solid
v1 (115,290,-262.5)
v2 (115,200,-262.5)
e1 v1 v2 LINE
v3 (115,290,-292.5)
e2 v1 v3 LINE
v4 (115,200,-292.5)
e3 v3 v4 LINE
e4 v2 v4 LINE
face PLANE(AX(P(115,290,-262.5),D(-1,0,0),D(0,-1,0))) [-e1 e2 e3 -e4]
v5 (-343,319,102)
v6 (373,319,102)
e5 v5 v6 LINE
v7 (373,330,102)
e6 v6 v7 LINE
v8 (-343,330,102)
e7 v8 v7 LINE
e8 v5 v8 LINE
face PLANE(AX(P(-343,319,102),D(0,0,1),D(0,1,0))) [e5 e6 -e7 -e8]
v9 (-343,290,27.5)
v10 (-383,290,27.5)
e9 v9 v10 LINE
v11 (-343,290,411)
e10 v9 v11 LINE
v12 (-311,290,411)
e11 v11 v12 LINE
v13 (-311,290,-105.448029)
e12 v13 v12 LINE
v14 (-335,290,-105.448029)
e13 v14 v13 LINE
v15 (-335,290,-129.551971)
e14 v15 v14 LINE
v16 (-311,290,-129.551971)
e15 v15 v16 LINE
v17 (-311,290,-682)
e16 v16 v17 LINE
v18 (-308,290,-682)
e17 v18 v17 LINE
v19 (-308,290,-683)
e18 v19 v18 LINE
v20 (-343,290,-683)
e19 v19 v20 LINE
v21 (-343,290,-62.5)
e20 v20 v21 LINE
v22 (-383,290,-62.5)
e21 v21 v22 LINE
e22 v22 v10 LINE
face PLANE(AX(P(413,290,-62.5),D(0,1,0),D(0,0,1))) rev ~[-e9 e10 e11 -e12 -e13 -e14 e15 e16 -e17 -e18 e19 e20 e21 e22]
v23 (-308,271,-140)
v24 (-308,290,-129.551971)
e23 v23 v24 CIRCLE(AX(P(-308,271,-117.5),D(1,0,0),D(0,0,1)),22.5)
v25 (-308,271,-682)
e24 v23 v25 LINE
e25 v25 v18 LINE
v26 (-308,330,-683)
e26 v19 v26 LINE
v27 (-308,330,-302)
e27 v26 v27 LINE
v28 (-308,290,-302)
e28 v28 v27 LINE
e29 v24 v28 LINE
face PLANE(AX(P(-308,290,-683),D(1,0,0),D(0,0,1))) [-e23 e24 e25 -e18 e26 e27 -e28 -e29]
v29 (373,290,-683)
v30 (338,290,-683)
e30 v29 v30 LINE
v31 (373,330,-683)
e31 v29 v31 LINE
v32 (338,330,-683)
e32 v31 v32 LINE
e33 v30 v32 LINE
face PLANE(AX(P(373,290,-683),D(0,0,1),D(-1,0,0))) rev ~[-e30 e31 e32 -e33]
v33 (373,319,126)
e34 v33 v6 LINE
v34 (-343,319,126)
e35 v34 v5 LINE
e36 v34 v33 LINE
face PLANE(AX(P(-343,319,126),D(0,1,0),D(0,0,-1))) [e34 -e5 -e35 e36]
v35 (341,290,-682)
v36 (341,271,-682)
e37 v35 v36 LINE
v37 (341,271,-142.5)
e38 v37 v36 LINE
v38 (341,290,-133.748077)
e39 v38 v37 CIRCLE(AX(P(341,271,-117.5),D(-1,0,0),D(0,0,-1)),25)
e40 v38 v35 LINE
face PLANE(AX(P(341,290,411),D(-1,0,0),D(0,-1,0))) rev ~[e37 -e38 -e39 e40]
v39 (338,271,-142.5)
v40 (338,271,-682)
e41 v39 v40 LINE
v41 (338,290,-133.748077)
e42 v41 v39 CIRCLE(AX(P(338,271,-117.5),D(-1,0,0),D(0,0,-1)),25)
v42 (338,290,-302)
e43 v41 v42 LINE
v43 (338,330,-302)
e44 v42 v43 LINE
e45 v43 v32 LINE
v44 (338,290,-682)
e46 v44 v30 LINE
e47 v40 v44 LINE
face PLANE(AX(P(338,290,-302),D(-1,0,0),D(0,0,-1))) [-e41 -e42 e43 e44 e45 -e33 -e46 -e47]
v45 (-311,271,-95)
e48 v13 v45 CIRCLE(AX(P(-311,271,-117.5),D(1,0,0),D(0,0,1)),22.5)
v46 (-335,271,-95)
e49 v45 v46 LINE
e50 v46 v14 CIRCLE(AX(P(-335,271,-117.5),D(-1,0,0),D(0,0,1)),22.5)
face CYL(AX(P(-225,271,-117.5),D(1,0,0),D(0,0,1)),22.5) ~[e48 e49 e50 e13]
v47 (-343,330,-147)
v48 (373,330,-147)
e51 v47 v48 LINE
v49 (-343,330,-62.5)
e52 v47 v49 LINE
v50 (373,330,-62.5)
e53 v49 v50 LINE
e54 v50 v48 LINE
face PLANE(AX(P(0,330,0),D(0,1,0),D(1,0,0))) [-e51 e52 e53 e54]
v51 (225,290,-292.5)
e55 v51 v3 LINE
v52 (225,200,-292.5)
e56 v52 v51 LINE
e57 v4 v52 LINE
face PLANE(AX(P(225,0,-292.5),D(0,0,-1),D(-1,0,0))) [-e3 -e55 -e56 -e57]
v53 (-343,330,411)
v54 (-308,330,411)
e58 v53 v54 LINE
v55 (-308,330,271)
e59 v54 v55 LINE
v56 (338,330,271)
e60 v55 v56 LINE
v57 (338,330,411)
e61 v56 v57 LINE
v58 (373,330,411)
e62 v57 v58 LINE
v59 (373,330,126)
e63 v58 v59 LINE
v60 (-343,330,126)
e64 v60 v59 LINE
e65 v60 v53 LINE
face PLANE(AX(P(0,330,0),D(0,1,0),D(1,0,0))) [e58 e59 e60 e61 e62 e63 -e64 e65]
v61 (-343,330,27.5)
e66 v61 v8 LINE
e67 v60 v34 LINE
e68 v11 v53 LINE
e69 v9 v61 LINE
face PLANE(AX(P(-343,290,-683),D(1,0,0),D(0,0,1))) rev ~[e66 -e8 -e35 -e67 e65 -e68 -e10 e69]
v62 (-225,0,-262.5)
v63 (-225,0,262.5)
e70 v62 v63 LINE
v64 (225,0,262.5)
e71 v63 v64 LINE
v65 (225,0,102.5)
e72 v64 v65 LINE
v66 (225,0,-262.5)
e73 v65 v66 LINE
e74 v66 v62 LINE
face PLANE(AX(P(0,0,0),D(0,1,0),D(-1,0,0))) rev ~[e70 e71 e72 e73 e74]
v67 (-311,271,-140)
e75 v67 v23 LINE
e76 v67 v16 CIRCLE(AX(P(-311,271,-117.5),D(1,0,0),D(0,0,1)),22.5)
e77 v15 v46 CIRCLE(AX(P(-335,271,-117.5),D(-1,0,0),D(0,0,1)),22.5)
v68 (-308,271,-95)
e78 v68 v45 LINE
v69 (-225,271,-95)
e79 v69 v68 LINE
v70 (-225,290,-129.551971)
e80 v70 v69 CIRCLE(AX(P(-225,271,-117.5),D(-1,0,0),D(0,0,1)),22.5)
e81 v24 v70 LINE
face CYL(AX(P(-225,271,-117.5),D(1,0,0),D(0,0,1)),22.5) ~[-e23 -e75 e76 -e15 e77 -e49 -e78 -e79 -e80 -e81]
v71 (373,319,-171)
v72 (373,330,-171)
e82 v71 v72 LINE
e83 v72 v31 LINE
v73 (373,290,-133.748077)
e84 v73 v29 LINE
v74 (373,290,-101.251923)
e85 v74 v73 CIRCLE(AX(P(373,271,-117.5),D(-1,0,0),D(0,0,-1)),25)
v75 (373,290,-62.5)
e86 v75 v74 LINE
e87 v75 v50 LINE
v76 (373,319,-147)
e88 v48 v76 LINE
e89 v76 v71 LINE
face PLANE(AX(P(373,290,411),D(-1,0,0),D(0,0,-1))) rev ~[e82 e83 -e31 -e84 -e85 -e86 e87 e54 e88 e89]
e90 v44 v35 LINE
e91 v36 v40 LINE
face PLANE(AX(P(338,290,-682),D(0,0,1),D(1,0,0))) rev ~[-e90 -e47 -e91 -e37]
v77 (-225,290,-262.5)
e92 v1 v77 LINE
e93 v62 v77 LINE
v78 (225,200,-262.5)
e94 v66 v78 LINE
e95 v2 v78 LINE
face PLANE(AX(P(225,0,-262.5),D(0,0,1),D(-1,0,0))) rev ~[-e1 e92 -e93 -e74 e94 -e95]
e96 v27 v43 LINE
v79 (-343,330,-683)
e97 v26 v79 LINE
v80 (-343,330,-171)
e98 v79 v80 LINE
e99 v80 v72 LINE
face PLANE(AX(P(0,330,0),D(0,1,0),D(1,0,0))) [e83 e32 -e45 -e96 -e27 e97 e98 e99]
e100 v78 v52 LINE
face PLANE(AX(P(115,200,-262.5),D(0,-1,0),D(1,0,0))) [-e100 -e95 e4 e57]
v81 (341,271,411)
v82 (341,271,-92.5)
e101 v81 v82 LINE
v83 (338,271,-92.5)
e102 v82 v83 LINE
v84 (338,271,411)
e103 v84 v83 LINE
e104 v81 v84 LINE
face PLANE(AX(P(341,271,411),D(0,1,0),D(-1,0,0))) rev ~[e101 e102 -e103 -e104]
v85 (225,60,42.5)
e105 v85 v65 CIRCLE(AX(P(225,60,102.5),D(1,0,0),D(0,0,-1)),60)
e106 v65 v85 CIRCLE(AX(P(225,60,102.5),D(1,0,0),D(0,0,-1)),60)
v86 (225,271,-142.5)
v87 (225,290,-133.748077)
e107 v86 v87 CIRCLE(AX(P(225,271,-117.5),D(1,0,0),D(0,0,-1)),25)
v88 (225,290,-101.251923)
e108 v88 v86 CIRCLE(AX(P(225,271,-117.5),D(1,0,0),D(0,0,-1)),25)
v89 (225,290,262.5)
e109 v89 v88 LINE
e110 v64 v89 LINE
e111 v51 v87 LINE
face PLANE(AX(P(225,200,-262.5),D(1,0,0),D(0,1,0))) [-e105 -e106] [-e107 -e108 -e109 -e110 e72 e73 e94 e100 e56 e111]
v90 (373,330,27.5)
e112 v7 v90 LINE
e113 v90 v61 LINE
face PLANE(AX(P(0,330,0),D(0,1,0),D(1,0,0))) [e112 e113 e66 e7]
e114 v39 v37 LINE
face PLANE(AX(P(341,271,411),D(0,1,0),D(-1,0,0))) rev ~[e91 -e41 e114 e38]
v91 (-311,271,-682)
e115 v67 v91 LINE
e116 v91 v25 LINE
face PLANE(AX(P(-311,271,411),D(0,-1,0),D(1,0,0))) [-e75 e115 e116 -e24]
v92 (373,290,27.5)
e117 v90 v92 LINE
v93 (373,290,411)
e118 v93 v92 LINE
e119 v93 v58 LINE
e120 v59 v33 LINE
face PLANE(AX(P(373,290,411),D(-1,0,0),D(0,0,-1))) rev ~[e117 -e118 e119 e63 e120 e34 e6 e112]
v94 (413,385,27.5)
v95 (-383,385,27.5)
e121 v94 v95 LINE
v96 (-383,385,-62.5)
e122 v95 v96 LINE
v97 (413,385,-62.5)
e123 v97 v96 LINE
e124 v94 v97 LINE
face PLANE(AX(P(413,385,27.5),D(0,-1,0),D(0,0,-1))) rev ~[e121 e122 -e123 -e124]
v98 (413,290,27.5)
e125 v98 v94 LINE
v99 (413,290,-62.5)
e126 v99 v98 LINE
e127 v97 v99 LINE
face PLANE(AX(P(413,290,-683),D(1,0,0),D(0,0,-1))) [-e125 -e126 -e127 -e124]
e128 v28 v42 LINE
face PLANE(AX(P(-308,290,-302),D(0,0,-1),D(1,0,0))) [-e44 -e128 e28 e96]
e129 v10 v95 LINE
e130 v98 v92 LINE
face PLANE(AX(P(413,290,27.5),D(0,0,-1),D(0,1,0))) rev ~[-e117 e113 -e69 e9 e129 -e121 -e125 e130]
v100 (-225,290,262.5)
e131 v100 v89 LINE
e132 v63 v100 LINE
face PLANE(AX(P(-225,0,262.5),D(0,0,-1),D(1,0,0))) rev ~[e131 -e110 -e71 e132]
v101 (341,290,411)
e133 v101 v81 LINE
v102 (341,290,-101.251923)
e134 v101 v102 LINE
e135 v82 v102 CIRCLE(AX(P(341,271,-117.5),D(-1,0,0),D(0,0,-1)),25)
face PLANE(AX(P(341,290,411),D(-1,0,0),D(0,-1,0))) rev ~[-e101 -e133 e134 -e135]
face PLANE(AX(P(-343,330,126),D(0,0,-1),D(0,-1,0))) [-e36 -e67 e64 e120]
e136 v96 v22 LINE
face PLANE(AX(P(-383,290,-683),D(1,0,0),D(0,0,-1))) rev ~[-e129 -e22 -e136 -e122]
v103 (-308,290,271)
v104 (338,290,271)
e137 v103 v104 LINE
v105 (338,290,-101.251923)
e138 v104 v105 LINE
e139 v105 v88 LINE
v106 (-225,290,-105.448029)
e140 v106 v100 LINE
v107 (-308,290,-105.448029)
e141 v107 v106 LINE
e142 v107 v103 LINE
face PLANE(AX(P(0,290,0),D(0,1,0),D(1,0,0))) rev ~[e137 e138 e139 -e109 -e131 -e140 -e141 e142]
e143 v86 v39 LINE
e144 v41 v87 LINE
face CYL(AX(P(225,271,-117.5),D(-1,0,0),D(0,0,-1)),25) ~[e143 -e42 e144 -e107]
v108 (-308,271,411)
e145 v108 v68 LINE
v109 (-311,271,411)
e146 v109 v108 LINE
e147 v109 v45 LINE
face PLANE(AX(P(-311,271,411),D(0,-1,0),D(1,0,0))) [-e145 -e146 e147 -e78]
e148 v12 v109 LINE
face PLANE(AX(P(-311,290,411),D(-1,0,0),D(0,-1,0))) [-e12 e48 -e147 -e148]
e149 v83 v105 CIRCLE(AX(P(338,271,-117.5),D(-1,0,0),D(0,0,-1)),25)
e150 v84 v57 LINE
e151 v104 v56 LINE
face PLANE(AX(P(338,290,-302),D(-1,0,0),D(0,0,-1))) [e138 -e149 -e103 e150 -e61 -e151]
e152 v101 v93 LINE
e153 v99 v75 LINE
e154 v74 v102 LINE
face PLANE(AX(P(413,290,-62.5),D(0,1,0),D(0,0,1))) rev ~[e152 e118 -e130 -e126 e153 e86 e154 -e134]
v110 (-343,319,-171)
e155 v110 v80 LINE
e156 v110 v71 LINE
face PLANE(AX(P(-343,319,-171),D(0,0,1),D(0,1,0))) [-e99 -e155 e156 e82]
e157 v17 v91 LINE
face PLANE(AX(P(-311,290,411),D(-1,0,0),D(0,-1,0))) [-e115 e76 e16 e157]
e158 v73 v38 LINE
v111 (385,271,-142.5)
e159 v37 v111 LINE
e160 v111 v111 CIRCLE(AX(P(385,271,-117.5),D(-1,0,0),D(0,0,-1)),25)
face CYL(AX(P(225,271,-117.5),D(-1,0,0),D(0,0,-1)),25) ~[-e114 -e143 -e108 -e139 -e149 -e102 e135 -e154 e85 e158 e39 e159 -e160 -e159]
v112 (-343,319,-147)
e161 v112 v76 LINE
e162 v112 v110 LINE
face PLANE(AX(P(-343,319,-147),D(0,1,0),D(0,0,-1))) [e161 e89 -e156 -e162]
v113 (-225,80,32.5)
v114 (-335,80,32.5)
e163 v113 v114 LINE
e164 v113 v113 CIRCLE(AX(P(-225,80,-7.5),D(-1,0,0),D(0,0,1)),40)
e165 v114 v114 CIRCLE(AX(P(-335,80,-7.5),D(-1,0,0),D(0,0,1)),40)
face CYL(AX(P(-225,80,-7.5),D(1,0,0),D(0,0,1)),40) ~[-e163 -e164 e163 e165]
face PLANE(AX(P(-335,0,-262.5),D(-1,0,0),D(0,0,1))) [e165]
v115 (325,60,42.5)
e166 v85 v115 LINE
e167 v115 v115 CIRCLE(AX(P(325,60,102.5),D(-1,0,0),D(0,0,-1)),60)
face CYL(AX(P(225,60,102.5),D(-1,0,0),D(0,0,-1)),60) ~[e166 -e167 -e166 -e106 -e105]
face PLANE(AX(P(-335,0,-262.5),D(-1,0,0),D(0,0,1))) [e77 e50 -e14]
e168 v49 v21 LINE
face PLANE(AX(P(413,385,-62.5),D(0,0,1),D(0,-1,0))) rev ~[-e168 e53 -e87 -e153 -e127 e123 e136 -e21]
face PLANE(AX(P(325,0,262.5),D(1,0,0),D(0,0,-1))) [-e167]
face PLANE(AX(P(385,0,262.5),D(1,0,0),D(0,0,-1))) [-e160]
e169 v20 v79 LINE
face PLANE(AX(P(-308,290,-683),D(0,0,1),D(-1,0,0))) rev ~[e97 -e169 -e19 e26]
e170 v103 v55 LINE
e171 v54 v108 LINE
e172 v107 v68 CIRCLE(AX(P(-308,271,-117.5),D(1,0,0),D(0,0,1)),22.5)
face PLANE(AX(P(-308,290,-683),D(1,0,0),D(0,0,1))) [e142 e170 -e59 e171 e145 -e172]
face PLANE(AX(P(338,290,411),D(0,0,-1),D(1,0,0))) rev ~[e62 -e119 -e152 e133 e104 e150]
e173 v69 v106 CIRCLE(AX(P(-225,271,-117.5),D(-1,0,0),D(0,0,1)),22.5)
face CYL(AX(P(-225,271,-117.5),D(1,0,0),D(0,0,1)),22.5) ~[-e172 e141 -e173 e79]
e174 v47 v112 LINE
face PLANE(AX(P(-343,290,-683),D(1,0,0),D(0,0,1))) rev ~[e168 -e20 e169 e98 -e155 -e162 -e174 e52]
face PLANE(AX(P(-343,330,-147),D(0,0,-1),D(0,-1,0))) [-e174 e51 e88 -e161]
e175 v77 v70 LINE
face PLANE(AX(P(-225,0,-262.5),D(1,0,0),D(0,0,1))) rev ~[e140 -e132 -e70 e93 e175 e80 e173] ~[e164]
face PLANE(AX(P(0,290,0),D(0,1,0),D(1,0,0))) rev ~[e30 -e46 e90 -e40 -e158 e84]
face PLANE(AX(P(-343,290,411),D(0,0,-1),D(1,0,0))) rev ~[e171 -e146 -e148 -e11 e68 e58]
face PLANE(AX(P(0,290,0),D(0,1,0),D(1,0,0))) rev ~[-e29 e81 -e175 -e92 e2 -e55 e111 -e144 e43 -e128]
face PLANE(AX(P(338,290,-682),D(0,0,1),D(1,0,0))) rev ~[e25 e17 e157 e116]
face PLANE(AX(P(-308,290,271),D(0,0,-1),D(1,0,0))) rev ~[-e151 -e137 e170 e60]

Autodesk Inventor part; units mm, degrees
ref_plane "YZ Plane" through (0, 0, 0) normal (1, 0, 0) x (0, 1, 0)
ref_plane "XZ Plane" through (0, 0, 0) normal (0, 1, 0) x (-1, 0, 0)
ref_plane "XY Plane" through (0, 0, 0) normal (0, 0, 1) x (1, 0, 0)
sketch "Esquisse1" plane through (0, 0, 0) normal (0, 1, 0) x (-1, 0, 0)
  line L0 (-225, -262.5) -> (225, -262.5)
  line L1 (225, -262.5) -> (225, 262.5)
  line L2 (225, 262.5) -> (-225, 262.5)
  line L3 (-225, 262.5) -> (-225, -262.5)
  line L4 (-225, -262.5) -> (225, 262.5) construction
  line L5 (225, -262.5) -> (-225, 262.5) construction
  point P0 (0, 0)
  dimension "d0" = 525
  dimension "d1" = 450
extrude "Extrusion1" add sketch "Esquisse1" along normal blind 290
sketch "Esquisse2" plane through (0, 290, 0) normal (0, 1, 0) x (1, 0, 0)
  line L0 (-343, 683) -> (-343, -411)
  line L1 (-343, -411) -> (-308, -411)
  line L2 (373, -411) -> (373, 683)
  line L3 (-308, -411) -> (-308, -271)
  line L4 (-308, -271) -> (338, -271)
  line L5 (338, -271) -> (338, -411)
  line L6 (-308, 683) -> (-308, 302)
  line L7 (-308, 302) -> (338, 302)
  line L8 (338, 302) -> (338, 683)
  line L9 (373, 683) -> (338, 683)
  line L10 (-308, 683) -> (-343, 683)
  line L11 (338, -411) -> (373, -411)
  line L12 (-225, 262.5) -> (-225, -262.5) construction
  line L13 (225, -262.5) -> (225, 262.5) construction
  line L14 (225, 262.5) -> (-225, 262.5) construction
  line L15 (-225, -262.5) -> (225, -262.5) construction
  point P0 (0, 0)
  dimension "d4" = 646
  dimension "d5" = 573
  dimension "d6" = 140
  dimension "d7" = 381
  dimension "d8" = 35
  dimension "d9" = 35
  dimension "d10" = 118
  dimension "d11" = 148
  dimension "d12" = 1094
  dimension "d13" = 39.5
  dimension "d14" = 8.5
  dimension "d15" = 525
extrude "Extrusion2" add sketch "Esquisse2" along normal blind 40
sketch "Esquisse3" plane through (338, 290, 411) normal (0, 0, 1) x (1, 0, 0)
  line L0 (-646, 0) -> (0, 0) projected
  line L1 (-646, 0) -> (-649, 0)
  line L2 (-649, 0) -> (-649, -19)
  line L3 (-649, -19) -> (-646, -19)
  line L4 (-646, -19) -> (-646, 0)
  line L5 (0, 0) -> (35, 0) projected
  line L6 (0, 0) -> (3, 0)
  line L7 (3, 0) -> (3, -19)
  line L8 (3, -19) -> (0, -19)
  line L9 (0, -19) -> (0, 0)
  line L10 (0, 40) -> (35, 40) projected
  point P0 (-338, -290)
  point P1 (3, 0)
  dimension "d18" = 59
  dimension "d19" = 3
extrude "Extrusion3" add sketch "Esquisse3" against normal blind 1093
sketch "Esquisse4" plane through (-225, 0, -262.5) normal (-1, 0, 0) x (0, 0, 1)
  circle A0 centre (255, 80) radius 40
  line L0 (0, 0) -> (0, 290) projected
  line L1 (0, 0) -> (525, 0) projected
  line L2 (525, 0) -> (525, 290) projected
  point P0 (262.5, 0)
  dimension "d23" = 80
  dimension "d24" = 255
  dimension "d25" = 80
  dimension "d26" = 270
extrude "Extrusion4" add sketch "Esquisse4" along normal blind 110
sketch "Esquisse5" plane through (225, 0, -262.5) normal (0, 0, -1) x (-1, 0, 0)
  line L0 (0, 0) -> (0, 290) projected
  line L1 (0, 290) -> (110, 290)
  line L2 (110, 290) -> (110, 200)
  line L3 (110, 200) -> (0, 200)
  line L4 (0, 200) -> (0, 290)
  point P0 (225, 0)
  point P1 (0, 200)
  dimension "d29" = 90
  dimension "d30" = 110
extrude "Extrusion5" add sketch "Esquisse5" along normal blind 30
sketch "Esquisse6" plane through (225, 0, 262.5) normal (1, 0, 0) x (0, 0, -1)
  circle A0 centre (160, 60) radius 60
  line L0 (0, 0) -> (0, 290) projected
  line L1 (0, 0) -> (525, 0) projected
  point P0 (262.5, 0)
  dimension "d33" = 120
  dimension "d34" = 160
  dimension "d35" = 60
extrude "Extrusion6" add sketch "Esquisse6" along normal blind 100
sketch "Esquisse8" plane through (225, 0, 262.5) normal (1, 0, 0) x (0, 0, -1)
  circle A0 centre (380, 271) radius 25
  line L0 (525, 0) -> (525, 200) projected
  line L1 (-148.5, 271) -> (944.5, 271) projected
  point P0 (262.5, 0)
  point P1 (945.5, 271)
  dimension "d38" = 50
  dimension "d39" = 145
extrude "Extrusion7" add sketch "Esquisse8" along normal blind 160
sketch "Esquisse9" plane through (-225, 0, -262.5) normal (-1, 0, 0) x (0, 0, 1)
  arc A0 (128.7519, 290) -> (161.2481, 290) centre (145, 271) ccw projected
  circle A1 centre (145, 271) radius 22.5
  point P0 (262.5, 0)
  dimension "d42" = 45
extrude "Extrusion8" add sketch "Esquisse9" along normal blind 110
ref_plane "Plan de construction1" through (15, 290, -683) normal (1, 0, 0) x (0, 0, -1)
ref_plane "Plan de construction2" through (338, 290, -15.5) normal (0, 0, -1) x (-1, 0, 0)
ref_plane "Plan de construction3" through (413, 290, -683) normal (1, 0, 0) x (0, 0, -1)
sketch "Esquisse10" plane through (413, 290, -683) normal (1, 0, 0) x (0, 0, -1)
  line L0 (-620.5, 0) -> (-710.5, 0)
  line L1 (-710.5, 0) -> (-710.5, 95)
  line L2 (-710.5, 95) -> (-620.5, 95)
  line L3 (-620.5, 95) -> (-620.5, 0)
  line L4 (-549.2519, 0) -> (0, 0) projected
  line L5 (-390.5, 0) -> (-390.5, -90) projected
  line L6 (-420.5, -290) -> (-420.5, -90) projected
  point P0 (-683, -290)
  dimension "d46" = 90
  dimension "d47" = 95
  dimension "d50" = 200
extrude "Extrusion9" add sketch "Esquisse10" against normal blind 796
sketch "Esquisse11" plane through (-343, 290, -683) normal (-1, 0, 0) x (0, 0, 1)
  line L0 (577.552, 0) -> (945.5, 0) projected
  line L1 (785, 40) -> (809, 40)
  line L2 (809, 40) -> (809, 29)
  line L3 (809, 29) -> (785, 29)
  line L4 (785, 29) -> (785, 40)
  line L5 (945.5, -290) -> (945.5, 0) projected
  line L6 (710.5, 40) -> (1094, 40) projected
  line L7 (620.5, 40) -> (0, 40) projected
  line L8 (512, 40) -> (536, 40)
  line L9 (536, 40) -> (536, 29)
  line L10 (536, 29) -> (512, 29)
  line L11 (512, 29) -> (512, 40)
  line L12 (420.5, -290) -> (420.5, 0) projected
  line L13 (381, 0) -> (381, 40) projected
  point P0 (683, -290)
  point P1 (954, 40)
  dimension "d52" = 24
  dimension "d53" = 11
  dimension "d57" = 131
  dimension "d58" = 145
extrude "Extrusion10" cut sketch "Esquisse11" against normal blind 776
properties part number "SAW_DM"
